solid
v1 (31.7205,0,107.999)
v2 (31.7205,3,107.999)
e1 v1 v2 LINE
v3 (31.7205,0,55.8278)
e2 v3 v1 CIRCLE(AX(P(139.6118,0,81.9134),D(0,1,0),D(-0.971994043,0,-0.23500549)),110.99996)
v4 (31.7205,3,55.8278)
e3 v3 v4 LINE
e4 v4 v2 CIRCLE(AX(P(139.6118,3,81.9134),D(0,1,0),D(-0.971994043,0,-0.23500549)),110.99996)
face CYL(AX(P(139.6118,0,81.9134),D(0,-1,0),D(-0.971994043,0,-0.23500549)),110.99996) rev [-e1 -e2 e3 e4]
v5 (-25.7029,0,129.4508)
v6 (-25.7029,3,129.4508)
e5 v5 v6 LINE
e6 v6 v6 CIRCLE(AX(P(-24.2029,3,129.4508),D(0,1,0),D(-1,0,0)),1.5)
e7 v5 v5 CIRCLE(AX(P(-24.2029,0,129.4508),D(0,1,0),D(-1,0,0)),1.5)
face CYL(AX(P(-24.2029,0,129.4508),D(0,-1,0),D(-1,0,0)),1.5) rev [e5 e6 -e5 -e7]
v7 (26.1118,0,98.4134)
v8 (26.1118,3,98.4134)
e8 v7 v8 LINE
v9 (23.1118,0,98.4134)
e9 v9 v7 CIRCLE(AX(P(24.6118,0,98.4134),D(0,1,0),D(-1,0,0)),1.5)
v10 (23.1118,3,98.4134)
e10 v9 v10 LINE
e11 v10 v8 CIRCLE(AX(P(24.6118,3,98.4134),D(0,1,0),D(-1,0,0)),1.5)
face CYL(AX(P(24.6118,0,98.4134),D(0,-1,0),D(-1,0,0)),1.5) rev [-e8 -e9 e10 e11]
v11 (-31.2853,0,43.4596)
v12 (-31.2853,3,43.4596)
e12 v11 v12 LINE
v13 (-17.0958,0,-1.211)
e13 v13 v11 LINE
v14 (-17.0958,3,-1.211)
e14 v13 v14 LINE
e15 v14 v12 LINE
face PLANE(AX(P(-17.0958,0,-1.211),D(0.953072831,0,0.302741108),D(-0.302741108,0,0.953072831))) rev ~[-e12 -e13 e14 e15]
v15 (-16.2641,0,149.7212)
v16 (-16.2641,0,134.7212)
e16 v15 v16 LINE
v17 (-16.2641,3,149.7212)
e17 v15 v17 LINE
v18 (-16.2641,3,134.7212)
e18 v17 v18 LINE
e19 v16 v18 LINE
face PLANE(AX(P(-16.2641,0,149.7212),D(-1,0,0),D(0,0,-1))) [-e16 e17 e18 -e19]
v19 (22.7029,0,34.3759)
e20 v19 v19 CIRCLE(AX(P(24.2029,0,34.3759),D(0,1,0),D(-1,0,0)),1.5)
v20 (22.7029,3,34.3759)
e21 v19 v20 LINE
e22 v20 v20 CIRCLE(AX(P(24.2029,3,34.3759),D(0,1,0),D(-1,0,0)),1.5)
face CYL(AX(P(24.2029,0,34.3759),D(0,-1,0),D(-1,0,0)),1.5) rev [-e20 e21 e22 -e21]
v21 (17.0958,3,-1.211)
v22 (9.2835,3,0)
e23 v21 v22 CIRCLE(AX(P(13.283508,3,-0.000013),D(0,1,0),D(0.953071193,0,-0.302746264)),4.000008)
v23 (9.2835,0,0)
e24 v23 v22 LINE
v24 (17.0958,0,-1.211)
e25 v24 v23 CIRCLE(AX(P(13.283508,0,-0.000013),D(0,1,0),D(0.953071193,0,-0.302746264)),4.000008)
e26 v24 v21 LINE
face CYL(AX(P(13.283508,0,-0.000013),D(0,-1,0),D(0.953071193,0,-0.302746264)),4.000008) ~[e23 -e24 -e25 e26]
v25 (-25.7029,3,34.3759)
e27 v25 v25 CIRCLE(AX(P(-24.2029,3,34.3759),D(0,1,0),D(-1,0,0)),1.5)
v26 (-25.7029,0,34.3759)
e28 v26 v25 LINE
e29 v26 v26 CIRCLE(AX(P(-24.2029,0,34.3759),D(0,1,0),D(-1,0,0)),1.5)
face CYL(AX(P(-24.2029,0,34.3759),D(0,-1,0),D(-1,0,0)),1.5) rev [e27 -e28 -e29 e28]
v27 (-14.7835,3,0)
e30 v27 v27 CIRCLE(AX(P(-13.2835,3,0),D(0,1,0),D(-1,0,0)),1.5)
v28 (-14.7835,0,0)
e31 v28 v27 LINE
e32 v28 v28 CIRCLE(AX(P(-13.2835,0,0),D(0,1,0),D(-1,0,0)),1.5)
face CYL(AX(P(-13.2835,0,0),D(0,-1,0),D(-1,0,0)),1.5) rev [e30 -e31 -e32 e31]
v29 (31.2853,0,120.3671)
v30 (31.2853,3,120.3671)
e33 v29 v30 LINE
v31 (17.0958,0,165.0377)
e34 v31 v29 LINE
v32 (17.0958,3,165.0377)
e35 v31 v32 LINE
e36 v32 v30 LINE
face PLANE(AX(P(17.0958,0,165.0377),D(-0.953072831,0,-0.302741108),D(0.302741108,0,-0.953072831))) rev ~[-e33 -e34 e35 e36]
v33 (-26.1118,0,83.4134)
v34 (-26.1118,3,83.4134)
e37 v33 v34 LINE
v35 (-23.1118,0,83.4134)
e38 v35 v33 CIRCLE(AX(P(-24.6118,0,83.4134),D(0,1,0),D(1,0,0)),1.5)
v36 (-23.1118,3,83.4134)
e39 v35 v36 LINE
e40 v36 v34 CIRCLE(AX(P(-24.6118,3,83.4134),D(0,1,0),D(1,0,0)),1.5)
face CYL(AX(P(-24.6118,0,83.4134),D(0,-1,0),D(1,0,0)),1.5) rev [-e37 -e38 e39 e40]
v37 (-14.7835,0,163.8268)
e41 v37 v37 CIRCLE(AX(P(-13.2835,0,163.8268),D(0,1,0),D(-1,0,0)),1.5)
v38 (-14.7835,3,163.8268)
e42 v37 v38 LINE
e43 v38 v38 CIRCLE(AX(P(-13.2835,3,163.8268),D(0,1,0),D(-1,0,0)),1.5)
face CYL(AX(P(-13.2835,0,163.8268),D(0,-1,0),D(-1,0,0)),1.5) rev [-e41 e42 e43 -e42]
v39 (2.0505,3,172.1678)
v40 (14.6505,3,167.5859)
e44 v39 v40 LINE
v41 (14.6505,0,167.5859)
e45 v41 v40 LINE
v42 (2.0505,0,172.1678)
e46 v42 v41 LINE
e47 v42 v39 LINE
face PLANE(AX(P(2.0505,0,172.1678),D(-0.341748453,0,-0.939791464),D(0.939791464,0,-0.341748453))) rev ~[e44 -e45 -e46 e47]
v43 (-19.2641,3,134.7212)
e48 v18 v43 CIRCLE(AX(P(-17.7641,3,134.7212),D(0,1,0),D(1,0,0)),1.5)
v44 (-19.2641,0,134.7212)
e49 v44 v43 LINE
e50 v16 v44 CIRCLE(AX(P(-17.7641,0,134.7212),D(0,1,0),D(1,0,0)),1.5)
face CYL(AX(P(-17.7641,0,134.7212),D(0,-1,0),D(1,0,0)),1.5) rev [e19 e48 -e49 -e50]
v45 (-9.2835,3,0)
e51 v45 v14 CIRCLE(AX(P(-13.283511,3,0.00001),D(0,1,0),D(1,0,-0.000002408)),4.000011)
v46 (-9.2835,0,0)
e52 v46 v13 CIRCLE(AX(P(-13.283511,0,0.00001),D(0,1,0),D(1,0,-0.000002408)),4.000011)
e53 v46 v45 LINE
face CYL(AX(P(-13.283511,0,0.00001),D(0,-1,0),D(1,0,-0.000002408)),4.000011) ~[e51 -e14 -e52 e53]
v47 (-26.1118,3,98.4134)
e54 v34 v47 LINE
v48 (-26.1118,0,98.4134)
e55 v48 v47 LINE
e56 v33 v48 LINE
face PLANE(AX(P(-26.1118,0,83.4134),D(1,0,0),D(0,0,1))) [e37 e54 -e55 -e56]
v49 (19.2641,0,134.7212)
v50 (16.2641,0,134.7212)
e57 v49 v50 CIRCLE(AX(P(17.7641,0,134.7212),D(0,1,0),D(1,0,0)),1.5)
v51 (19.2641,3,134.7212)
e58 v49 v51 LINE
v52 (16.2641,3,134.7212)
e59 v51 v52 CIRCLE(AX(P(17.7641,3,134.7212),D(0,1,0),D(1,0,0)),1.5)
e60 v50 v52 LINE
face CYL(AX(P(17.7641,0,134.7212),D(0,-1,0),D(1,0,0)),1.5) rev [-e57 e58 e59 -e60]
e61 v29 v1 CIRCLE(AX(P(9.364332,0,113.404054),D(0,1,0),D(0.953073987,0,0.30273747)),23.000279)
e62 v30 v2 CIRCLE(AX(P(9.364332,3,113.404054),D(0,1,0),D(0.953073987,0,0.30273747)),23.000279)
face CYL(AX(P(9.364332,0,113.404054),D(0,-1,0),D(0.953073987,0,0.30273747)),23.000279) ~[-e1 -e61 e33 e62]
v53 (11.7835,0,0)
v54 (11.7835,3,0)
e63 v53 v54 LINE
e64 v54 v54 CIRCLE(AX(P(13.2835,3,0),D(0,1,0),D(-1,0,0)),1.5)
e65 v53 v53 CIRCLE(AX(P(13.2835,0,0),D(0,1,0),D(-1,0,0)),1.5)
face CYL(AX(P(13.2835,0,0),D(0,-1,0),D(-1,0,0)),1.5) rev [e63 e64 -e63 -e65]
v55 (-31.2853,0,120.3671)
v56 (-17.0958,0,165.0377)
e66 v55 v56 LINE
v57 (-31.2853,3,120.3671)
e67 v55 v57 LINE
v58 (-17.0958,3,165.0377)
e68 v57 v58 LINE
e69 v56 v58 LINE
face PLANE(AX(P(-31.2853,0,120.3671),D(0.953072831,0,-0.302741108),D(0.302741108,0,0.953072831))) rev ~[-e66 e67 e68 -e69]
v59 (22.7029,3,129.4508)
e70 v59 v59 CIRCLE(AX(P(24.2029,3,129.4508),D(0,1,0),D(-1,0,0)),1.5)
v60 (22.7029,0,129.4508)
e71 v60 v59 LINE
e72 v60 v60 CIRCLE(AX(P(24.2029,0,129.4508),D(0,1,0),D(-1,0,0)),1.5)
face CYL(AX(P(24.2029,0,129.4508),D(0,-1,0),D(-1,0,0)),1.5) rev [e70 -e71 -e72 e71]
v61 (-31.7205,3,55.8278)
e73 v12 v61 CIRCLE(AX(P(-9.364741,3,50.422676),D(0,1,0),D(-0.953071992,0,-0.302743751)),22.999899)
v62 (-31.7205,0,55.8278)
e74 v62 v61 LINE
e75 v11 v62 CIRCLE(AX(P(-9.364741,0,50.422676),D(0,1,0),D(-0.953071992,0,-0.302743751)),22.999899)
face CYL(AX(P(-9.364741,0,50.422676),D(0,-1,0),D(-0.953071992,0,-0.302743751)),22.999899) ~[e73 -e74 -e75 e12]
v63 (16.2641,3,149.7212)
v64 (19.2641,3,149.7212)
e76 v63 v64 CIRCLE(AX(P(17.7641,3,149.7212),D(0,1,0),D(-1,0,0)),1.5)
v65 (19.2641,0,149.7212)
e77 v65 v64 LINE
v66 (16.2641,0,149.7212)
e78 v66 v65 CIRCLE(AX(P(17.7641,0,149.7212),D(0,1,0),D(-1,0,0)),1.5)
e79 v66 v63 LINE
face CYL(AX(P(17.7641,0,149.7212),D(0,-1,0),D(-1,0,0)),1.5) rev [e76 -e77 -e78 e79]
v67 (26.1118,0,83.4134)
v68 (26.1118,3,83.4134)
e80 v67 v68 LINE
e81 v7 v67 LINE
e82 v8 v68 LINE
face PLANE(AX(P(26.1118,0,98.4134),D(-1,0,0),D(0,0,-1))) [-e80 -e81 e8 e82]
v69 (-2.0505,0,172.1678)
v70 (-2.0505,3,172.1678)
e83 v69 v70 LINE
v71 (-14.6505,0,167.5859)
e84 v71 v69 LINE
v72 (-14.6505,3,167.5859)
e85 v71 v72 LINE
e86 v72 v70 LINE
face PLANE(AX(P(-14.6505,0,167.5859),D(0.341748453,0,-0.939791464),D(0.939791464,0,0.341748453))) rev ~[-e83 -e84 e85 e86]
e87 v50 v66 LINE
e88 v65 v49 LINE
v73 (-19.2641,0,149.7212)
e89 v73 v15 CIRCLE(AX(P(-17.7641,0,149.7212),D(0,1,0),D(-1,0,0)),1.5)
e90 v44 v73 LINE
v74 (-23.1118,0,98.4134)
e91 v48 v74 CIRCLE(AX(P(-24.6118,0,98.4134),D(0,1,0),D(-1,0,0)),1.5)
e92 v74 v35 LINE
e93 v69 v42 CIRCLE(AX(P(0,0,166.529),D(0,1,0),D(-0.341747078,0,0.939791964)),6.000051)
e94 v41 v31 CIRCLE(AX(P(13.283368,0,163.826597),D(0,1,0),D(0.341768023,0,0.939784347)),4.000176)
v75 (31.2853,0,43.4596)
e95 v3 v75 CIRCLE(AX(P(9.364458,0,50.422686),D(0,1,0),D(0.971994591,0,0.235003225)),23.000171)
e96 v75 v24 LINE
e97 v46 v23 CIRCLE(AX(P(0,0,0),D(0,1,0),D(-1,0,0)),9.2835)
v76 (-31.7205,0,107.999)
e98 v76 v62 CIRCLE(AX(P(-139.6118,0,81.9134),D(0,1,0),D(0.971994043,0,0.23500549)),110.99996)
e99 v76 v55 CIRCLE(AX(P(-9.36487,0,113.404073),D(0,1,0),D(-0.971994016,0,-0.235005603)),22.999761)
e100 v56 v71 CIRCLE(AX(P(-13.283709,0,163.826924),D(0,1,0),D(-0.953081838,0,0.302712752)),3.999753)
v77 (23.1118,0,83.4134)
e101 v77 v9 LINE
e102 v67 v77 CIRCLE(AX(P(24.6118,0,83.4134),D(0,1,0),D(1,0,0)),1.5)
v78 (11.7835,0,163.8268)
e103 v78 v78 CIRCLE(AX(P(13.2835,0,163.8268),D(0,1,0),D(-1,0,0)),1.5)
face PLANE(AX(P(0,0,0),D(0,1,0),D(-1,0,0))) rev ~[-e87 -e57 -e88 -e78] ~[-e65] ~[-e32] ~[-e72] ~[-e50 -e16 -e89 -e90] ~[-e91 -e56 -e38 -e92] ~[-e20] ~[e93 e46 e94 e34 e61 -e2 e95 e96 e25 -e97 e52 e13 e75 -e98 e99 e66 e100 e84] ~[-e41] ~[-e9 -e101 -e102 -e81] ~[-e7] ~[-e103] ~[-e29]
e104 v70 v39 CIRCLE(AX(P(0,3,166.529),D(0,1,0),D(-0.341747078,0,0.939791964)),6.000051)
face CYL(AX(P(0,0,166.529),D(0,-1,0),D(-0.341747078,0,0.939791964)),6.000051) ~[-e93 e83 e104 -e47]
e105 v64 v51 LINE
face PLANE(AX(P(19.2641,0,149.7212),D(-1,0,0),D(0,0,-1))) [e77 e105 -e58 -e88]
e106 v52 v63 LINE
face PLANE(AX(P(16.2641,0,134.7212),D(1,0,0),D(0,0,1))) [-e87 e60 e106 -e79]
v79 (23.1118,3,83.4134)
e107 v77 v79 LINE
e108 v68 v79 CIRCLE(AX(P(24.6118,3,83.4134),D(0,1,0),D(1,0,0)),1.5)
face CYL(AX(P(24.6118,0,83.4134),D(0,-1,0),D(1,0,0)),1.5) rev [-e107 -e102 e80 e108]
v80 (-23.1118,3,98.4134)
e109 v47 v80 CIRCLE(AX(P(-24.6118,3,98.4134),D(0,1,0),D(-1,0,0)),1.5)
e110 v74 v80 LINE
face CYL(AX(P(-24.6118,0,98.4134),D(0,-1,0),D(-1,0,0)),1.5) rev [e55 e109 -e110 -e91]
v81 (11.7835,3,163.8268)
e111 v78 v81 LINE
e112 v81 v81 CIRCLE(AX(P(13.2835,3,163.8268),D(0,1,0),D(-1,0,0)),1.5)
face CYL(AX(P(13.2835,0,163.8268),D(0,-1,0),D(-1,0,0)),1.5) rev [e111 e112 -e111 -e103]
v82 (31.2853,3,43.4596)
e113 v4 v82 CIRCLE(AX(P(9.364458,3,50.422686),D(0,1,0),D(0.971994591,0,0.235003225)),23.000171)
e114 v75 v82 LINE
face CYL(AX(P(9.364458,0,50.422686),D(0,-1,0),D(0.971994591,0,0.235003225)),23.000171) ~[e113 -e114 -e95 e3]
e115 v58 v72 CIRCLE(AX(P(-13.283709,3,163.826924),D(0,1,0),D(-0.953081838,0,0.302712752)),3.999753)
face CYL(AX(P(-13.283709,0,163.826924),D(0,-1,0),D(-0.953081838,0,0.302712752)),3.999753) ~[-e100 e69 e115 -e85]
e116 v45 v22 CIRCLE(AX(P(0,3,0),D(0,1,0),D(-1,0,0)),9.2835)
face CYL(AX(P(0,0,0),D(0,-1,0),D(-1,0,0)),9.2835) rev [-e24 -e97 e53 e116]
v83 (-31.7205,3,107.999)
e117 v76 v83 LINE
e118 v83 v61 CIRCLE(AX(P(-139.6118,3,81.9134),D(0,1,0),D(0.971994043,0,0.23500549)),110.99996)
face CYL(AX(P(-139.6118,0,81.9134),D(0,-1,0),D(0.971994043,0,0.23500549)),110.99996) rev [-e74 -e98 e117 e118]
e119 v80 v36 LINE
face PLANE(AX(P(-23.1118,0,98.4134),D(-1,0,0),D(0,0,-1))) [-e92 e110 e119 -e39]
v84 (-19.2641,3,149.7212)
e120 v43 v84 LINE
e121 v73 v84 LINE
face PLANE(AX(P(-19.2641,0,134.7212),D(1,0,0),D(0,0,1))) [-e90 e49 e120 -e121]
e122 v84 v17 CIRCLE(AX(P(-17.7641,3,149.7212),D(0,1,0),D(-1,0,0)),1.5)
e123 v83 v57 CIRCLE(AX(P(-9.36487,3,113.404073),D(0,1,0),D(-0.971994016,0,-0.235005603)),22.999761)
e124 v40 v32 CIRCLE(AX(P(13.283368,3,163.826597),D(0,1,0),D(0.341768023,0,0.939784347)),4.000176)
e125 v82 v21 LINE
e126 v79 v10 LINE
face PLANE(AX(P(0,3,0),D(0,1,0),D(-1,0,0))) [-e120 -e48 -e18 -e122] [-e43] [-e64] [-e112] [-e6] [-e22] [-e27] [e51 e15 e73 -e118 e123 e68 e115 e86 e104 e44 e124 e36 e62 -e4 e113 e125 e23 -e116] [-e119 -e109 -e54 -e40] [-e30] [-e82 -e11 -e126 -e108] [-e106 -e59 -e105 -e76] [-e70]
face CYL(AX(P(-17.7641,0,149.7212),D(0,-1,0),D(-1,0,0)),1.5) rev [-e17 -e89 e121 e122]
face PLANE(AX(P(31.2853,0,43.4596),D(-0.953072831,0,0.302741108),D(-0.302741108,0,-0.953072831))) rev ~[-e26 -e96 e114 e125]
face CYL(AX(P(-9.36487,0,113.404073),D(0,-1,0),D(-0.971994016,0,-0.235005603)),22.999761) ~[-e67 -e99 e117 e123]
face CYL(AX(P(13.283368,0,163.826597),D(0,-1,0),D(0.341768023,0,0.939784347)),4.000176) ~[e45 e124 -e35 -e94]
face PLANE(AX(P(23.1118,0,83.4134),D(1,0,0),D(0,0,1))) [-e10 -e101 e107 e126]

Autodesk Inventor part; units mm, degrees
ref_plane "YZ Plane" through (0, 0, 0) normal (1, 0, 0) x (0, 1, 0)
ref_plane "XZ Plane" through (0, 0, 0) normal (0, 1, 0) x (-1, 0, 0)
ref_plane "XY Plane" through (0, 0, 0) normal (0, 0, 1) x (1, 0, 0)
sketch "Sketch1" plane through (0, 0, 0) normal (0, 1, 0) x (-1, 0, 0)
  arc A0 (23.1118, 83.4134) -> (26.1118, 83.4134) centre (24.6118, 83.4134) ccw
  line L0 (23.1118, 98.4134) -> (23.1118, 83.4134)
  arc A1 (26.1118, 98.4134) -> (23.1118, 98.4134) centre (24.6118, 98.4134) ccw
  line L1 (26.1118, 83.4134) -> (26.1118, 98.4134)
  arc A2 (16.2641, 134.7212) -> (19.2641, 134.7212) centre (17.7641, 134.7212) ccw
  line L2 (16.2641, 149.7212) -> (16.2641, 134.7212)
  arc A3 (19.2641, 149.7212) -> (16.2641, 149.7212) centre (17.7641, 149.7212) ccw
  line L3 (19.2641, 134.7212) -> (19.2641, 149.7212)
  arc A4 (-19.2641, 134.7212) -> (-16.2641, 134.7212) centre (-17.7641, 134.7212) ccw
  line L4 (-19.2641, 149.7212) -> (-19.2641, 134.7212)
  arc A5 (-16.2641, 149.7212) -> (-19.2641, 149.7212) centre (-17.7641, 149.7212) ccw
  line L5 (-16.2641, 134.7212) -> (-16.2641, 149.7212)
  arc A6 (-26.1118, 83.4134) -> (-23.1118, 83.4134) centre (-24.6118, 83.4134) ccw
  line L6 (-26.1118, 98.4134) -> (-26.1118, 83.4134)
  arc A7 (-23.1118, 98.4134) -> (-26.1118, 98.4134) centre (-24.6118, 98.4134) ccw
  line L7 (-23.1118, 83.4134) -> (-23.1118, 98.4134)
  circle A8 centre (-24.2029, 34.3759) radius 1.5
  circle A9 centre (-13.2835, 163.8268) radius 1.5
  circle A10 centre (24.2029, 129.4508) radius 1.5
  circle A11 centre (13.2835, 0) radius 1.5
  arc A12 (-31.7205, 55.8278) -> (-31.7205, 107.999) centre (-139.6118, 81.9134) ccw
  arc A13 (-31.7205, 55.8278) -> (-31.2853, 43.4596) centre (-9.3646, 50.4227) ccw
  line L8 (-31.2853, 43.4596) -> (-17.0958, -1.211)
  arc A14 (-17.0958, -1.211) -> (-9.2835, 0) centre (-13.2835, 0) ccw
  arc A15 (9.2835, 0) -> (-9.2835, 0) centre (0, 0) ccw
  arc A16 (9.2835, 0) -> (17.0958, -1.211) centre (13.2835, 0) ccw
  line L9 (17.0958, -1.211) -> (31.2853, 43.4596)
  arc A17 (31.2853, 43.4596) -> (31.7205, 55.8278) centre (9.3646, 50.4227) ccw
  arc A18 (31.7205, 107.999) -> (31.7205, 55.8278) centre (139.6118, 81.9134) ccw
  arc A19 (31.7205, 107.999) -> (31.2853, 120.3671) centre (9.3646, 113.4041) ccw
  line L10 (31.2853, 120.3671) -> (17.0958, 165.0377)
  arc A20 (17.0958, 165.0377) -> (14.6505, 167.5859) centre (13.2835, 163.8268) ccw
  line L11 (14.6505, 167.5859) -> (2.0505, 172.1678)
  arc A21 (2.0505, 172.1678) -> (-2.0505, 172.1678) centre (0, 166.529) ccw
  line L12 (-2.0505, 172.1678) -> (-14.6505, 167.5859)
  arc A22 (-14.6505, 167.5859) -> (-17.0958, 165.0377) centre (-13.2835, 163.8268) ccw
  line L13 (-17.0958, 165.0377) -> (-31.2853, 120.3671)
  arc A23 (-31.2853, 120.3671) -> (-31.7205, 107.999) centre (-9.3646, 113.4041) ccw
  circle A24 centre (24.2029, 34.3759) radius 1.5
  circle A25 centre (13.2835, 163.8268) radius 1.5
  circle A26 centre (-24.2029, 129.4508) radius 1.5
  circle A27 centre (-13.2835, 0) radius 1.5
  point P0 (31.7205, 107.999)
  point P1 (31.2853, 120.3671)
  point P2 (17.0958, 165.0377)
  point P3 (14.6505, 167.5859)
  point P4 (-31.7205, 55.8278)
  point P5 (-31.2853, 43.4596)
  point P6 (-17.0958, -1.211)
  point P7 (-9.2835, 0)
  point P8 (9.2835, 0)
  point P9 (31.7205, 55.8278)
  point P10 (19.2641, 149.7212)
  point P11 (16.2641, 149.7212)
  point P12 (23.1118, 98.4134)
extrude "Extrusion1" add sketch "Sketch1" along normal blind 3
properties part number "399 prig top plate"
